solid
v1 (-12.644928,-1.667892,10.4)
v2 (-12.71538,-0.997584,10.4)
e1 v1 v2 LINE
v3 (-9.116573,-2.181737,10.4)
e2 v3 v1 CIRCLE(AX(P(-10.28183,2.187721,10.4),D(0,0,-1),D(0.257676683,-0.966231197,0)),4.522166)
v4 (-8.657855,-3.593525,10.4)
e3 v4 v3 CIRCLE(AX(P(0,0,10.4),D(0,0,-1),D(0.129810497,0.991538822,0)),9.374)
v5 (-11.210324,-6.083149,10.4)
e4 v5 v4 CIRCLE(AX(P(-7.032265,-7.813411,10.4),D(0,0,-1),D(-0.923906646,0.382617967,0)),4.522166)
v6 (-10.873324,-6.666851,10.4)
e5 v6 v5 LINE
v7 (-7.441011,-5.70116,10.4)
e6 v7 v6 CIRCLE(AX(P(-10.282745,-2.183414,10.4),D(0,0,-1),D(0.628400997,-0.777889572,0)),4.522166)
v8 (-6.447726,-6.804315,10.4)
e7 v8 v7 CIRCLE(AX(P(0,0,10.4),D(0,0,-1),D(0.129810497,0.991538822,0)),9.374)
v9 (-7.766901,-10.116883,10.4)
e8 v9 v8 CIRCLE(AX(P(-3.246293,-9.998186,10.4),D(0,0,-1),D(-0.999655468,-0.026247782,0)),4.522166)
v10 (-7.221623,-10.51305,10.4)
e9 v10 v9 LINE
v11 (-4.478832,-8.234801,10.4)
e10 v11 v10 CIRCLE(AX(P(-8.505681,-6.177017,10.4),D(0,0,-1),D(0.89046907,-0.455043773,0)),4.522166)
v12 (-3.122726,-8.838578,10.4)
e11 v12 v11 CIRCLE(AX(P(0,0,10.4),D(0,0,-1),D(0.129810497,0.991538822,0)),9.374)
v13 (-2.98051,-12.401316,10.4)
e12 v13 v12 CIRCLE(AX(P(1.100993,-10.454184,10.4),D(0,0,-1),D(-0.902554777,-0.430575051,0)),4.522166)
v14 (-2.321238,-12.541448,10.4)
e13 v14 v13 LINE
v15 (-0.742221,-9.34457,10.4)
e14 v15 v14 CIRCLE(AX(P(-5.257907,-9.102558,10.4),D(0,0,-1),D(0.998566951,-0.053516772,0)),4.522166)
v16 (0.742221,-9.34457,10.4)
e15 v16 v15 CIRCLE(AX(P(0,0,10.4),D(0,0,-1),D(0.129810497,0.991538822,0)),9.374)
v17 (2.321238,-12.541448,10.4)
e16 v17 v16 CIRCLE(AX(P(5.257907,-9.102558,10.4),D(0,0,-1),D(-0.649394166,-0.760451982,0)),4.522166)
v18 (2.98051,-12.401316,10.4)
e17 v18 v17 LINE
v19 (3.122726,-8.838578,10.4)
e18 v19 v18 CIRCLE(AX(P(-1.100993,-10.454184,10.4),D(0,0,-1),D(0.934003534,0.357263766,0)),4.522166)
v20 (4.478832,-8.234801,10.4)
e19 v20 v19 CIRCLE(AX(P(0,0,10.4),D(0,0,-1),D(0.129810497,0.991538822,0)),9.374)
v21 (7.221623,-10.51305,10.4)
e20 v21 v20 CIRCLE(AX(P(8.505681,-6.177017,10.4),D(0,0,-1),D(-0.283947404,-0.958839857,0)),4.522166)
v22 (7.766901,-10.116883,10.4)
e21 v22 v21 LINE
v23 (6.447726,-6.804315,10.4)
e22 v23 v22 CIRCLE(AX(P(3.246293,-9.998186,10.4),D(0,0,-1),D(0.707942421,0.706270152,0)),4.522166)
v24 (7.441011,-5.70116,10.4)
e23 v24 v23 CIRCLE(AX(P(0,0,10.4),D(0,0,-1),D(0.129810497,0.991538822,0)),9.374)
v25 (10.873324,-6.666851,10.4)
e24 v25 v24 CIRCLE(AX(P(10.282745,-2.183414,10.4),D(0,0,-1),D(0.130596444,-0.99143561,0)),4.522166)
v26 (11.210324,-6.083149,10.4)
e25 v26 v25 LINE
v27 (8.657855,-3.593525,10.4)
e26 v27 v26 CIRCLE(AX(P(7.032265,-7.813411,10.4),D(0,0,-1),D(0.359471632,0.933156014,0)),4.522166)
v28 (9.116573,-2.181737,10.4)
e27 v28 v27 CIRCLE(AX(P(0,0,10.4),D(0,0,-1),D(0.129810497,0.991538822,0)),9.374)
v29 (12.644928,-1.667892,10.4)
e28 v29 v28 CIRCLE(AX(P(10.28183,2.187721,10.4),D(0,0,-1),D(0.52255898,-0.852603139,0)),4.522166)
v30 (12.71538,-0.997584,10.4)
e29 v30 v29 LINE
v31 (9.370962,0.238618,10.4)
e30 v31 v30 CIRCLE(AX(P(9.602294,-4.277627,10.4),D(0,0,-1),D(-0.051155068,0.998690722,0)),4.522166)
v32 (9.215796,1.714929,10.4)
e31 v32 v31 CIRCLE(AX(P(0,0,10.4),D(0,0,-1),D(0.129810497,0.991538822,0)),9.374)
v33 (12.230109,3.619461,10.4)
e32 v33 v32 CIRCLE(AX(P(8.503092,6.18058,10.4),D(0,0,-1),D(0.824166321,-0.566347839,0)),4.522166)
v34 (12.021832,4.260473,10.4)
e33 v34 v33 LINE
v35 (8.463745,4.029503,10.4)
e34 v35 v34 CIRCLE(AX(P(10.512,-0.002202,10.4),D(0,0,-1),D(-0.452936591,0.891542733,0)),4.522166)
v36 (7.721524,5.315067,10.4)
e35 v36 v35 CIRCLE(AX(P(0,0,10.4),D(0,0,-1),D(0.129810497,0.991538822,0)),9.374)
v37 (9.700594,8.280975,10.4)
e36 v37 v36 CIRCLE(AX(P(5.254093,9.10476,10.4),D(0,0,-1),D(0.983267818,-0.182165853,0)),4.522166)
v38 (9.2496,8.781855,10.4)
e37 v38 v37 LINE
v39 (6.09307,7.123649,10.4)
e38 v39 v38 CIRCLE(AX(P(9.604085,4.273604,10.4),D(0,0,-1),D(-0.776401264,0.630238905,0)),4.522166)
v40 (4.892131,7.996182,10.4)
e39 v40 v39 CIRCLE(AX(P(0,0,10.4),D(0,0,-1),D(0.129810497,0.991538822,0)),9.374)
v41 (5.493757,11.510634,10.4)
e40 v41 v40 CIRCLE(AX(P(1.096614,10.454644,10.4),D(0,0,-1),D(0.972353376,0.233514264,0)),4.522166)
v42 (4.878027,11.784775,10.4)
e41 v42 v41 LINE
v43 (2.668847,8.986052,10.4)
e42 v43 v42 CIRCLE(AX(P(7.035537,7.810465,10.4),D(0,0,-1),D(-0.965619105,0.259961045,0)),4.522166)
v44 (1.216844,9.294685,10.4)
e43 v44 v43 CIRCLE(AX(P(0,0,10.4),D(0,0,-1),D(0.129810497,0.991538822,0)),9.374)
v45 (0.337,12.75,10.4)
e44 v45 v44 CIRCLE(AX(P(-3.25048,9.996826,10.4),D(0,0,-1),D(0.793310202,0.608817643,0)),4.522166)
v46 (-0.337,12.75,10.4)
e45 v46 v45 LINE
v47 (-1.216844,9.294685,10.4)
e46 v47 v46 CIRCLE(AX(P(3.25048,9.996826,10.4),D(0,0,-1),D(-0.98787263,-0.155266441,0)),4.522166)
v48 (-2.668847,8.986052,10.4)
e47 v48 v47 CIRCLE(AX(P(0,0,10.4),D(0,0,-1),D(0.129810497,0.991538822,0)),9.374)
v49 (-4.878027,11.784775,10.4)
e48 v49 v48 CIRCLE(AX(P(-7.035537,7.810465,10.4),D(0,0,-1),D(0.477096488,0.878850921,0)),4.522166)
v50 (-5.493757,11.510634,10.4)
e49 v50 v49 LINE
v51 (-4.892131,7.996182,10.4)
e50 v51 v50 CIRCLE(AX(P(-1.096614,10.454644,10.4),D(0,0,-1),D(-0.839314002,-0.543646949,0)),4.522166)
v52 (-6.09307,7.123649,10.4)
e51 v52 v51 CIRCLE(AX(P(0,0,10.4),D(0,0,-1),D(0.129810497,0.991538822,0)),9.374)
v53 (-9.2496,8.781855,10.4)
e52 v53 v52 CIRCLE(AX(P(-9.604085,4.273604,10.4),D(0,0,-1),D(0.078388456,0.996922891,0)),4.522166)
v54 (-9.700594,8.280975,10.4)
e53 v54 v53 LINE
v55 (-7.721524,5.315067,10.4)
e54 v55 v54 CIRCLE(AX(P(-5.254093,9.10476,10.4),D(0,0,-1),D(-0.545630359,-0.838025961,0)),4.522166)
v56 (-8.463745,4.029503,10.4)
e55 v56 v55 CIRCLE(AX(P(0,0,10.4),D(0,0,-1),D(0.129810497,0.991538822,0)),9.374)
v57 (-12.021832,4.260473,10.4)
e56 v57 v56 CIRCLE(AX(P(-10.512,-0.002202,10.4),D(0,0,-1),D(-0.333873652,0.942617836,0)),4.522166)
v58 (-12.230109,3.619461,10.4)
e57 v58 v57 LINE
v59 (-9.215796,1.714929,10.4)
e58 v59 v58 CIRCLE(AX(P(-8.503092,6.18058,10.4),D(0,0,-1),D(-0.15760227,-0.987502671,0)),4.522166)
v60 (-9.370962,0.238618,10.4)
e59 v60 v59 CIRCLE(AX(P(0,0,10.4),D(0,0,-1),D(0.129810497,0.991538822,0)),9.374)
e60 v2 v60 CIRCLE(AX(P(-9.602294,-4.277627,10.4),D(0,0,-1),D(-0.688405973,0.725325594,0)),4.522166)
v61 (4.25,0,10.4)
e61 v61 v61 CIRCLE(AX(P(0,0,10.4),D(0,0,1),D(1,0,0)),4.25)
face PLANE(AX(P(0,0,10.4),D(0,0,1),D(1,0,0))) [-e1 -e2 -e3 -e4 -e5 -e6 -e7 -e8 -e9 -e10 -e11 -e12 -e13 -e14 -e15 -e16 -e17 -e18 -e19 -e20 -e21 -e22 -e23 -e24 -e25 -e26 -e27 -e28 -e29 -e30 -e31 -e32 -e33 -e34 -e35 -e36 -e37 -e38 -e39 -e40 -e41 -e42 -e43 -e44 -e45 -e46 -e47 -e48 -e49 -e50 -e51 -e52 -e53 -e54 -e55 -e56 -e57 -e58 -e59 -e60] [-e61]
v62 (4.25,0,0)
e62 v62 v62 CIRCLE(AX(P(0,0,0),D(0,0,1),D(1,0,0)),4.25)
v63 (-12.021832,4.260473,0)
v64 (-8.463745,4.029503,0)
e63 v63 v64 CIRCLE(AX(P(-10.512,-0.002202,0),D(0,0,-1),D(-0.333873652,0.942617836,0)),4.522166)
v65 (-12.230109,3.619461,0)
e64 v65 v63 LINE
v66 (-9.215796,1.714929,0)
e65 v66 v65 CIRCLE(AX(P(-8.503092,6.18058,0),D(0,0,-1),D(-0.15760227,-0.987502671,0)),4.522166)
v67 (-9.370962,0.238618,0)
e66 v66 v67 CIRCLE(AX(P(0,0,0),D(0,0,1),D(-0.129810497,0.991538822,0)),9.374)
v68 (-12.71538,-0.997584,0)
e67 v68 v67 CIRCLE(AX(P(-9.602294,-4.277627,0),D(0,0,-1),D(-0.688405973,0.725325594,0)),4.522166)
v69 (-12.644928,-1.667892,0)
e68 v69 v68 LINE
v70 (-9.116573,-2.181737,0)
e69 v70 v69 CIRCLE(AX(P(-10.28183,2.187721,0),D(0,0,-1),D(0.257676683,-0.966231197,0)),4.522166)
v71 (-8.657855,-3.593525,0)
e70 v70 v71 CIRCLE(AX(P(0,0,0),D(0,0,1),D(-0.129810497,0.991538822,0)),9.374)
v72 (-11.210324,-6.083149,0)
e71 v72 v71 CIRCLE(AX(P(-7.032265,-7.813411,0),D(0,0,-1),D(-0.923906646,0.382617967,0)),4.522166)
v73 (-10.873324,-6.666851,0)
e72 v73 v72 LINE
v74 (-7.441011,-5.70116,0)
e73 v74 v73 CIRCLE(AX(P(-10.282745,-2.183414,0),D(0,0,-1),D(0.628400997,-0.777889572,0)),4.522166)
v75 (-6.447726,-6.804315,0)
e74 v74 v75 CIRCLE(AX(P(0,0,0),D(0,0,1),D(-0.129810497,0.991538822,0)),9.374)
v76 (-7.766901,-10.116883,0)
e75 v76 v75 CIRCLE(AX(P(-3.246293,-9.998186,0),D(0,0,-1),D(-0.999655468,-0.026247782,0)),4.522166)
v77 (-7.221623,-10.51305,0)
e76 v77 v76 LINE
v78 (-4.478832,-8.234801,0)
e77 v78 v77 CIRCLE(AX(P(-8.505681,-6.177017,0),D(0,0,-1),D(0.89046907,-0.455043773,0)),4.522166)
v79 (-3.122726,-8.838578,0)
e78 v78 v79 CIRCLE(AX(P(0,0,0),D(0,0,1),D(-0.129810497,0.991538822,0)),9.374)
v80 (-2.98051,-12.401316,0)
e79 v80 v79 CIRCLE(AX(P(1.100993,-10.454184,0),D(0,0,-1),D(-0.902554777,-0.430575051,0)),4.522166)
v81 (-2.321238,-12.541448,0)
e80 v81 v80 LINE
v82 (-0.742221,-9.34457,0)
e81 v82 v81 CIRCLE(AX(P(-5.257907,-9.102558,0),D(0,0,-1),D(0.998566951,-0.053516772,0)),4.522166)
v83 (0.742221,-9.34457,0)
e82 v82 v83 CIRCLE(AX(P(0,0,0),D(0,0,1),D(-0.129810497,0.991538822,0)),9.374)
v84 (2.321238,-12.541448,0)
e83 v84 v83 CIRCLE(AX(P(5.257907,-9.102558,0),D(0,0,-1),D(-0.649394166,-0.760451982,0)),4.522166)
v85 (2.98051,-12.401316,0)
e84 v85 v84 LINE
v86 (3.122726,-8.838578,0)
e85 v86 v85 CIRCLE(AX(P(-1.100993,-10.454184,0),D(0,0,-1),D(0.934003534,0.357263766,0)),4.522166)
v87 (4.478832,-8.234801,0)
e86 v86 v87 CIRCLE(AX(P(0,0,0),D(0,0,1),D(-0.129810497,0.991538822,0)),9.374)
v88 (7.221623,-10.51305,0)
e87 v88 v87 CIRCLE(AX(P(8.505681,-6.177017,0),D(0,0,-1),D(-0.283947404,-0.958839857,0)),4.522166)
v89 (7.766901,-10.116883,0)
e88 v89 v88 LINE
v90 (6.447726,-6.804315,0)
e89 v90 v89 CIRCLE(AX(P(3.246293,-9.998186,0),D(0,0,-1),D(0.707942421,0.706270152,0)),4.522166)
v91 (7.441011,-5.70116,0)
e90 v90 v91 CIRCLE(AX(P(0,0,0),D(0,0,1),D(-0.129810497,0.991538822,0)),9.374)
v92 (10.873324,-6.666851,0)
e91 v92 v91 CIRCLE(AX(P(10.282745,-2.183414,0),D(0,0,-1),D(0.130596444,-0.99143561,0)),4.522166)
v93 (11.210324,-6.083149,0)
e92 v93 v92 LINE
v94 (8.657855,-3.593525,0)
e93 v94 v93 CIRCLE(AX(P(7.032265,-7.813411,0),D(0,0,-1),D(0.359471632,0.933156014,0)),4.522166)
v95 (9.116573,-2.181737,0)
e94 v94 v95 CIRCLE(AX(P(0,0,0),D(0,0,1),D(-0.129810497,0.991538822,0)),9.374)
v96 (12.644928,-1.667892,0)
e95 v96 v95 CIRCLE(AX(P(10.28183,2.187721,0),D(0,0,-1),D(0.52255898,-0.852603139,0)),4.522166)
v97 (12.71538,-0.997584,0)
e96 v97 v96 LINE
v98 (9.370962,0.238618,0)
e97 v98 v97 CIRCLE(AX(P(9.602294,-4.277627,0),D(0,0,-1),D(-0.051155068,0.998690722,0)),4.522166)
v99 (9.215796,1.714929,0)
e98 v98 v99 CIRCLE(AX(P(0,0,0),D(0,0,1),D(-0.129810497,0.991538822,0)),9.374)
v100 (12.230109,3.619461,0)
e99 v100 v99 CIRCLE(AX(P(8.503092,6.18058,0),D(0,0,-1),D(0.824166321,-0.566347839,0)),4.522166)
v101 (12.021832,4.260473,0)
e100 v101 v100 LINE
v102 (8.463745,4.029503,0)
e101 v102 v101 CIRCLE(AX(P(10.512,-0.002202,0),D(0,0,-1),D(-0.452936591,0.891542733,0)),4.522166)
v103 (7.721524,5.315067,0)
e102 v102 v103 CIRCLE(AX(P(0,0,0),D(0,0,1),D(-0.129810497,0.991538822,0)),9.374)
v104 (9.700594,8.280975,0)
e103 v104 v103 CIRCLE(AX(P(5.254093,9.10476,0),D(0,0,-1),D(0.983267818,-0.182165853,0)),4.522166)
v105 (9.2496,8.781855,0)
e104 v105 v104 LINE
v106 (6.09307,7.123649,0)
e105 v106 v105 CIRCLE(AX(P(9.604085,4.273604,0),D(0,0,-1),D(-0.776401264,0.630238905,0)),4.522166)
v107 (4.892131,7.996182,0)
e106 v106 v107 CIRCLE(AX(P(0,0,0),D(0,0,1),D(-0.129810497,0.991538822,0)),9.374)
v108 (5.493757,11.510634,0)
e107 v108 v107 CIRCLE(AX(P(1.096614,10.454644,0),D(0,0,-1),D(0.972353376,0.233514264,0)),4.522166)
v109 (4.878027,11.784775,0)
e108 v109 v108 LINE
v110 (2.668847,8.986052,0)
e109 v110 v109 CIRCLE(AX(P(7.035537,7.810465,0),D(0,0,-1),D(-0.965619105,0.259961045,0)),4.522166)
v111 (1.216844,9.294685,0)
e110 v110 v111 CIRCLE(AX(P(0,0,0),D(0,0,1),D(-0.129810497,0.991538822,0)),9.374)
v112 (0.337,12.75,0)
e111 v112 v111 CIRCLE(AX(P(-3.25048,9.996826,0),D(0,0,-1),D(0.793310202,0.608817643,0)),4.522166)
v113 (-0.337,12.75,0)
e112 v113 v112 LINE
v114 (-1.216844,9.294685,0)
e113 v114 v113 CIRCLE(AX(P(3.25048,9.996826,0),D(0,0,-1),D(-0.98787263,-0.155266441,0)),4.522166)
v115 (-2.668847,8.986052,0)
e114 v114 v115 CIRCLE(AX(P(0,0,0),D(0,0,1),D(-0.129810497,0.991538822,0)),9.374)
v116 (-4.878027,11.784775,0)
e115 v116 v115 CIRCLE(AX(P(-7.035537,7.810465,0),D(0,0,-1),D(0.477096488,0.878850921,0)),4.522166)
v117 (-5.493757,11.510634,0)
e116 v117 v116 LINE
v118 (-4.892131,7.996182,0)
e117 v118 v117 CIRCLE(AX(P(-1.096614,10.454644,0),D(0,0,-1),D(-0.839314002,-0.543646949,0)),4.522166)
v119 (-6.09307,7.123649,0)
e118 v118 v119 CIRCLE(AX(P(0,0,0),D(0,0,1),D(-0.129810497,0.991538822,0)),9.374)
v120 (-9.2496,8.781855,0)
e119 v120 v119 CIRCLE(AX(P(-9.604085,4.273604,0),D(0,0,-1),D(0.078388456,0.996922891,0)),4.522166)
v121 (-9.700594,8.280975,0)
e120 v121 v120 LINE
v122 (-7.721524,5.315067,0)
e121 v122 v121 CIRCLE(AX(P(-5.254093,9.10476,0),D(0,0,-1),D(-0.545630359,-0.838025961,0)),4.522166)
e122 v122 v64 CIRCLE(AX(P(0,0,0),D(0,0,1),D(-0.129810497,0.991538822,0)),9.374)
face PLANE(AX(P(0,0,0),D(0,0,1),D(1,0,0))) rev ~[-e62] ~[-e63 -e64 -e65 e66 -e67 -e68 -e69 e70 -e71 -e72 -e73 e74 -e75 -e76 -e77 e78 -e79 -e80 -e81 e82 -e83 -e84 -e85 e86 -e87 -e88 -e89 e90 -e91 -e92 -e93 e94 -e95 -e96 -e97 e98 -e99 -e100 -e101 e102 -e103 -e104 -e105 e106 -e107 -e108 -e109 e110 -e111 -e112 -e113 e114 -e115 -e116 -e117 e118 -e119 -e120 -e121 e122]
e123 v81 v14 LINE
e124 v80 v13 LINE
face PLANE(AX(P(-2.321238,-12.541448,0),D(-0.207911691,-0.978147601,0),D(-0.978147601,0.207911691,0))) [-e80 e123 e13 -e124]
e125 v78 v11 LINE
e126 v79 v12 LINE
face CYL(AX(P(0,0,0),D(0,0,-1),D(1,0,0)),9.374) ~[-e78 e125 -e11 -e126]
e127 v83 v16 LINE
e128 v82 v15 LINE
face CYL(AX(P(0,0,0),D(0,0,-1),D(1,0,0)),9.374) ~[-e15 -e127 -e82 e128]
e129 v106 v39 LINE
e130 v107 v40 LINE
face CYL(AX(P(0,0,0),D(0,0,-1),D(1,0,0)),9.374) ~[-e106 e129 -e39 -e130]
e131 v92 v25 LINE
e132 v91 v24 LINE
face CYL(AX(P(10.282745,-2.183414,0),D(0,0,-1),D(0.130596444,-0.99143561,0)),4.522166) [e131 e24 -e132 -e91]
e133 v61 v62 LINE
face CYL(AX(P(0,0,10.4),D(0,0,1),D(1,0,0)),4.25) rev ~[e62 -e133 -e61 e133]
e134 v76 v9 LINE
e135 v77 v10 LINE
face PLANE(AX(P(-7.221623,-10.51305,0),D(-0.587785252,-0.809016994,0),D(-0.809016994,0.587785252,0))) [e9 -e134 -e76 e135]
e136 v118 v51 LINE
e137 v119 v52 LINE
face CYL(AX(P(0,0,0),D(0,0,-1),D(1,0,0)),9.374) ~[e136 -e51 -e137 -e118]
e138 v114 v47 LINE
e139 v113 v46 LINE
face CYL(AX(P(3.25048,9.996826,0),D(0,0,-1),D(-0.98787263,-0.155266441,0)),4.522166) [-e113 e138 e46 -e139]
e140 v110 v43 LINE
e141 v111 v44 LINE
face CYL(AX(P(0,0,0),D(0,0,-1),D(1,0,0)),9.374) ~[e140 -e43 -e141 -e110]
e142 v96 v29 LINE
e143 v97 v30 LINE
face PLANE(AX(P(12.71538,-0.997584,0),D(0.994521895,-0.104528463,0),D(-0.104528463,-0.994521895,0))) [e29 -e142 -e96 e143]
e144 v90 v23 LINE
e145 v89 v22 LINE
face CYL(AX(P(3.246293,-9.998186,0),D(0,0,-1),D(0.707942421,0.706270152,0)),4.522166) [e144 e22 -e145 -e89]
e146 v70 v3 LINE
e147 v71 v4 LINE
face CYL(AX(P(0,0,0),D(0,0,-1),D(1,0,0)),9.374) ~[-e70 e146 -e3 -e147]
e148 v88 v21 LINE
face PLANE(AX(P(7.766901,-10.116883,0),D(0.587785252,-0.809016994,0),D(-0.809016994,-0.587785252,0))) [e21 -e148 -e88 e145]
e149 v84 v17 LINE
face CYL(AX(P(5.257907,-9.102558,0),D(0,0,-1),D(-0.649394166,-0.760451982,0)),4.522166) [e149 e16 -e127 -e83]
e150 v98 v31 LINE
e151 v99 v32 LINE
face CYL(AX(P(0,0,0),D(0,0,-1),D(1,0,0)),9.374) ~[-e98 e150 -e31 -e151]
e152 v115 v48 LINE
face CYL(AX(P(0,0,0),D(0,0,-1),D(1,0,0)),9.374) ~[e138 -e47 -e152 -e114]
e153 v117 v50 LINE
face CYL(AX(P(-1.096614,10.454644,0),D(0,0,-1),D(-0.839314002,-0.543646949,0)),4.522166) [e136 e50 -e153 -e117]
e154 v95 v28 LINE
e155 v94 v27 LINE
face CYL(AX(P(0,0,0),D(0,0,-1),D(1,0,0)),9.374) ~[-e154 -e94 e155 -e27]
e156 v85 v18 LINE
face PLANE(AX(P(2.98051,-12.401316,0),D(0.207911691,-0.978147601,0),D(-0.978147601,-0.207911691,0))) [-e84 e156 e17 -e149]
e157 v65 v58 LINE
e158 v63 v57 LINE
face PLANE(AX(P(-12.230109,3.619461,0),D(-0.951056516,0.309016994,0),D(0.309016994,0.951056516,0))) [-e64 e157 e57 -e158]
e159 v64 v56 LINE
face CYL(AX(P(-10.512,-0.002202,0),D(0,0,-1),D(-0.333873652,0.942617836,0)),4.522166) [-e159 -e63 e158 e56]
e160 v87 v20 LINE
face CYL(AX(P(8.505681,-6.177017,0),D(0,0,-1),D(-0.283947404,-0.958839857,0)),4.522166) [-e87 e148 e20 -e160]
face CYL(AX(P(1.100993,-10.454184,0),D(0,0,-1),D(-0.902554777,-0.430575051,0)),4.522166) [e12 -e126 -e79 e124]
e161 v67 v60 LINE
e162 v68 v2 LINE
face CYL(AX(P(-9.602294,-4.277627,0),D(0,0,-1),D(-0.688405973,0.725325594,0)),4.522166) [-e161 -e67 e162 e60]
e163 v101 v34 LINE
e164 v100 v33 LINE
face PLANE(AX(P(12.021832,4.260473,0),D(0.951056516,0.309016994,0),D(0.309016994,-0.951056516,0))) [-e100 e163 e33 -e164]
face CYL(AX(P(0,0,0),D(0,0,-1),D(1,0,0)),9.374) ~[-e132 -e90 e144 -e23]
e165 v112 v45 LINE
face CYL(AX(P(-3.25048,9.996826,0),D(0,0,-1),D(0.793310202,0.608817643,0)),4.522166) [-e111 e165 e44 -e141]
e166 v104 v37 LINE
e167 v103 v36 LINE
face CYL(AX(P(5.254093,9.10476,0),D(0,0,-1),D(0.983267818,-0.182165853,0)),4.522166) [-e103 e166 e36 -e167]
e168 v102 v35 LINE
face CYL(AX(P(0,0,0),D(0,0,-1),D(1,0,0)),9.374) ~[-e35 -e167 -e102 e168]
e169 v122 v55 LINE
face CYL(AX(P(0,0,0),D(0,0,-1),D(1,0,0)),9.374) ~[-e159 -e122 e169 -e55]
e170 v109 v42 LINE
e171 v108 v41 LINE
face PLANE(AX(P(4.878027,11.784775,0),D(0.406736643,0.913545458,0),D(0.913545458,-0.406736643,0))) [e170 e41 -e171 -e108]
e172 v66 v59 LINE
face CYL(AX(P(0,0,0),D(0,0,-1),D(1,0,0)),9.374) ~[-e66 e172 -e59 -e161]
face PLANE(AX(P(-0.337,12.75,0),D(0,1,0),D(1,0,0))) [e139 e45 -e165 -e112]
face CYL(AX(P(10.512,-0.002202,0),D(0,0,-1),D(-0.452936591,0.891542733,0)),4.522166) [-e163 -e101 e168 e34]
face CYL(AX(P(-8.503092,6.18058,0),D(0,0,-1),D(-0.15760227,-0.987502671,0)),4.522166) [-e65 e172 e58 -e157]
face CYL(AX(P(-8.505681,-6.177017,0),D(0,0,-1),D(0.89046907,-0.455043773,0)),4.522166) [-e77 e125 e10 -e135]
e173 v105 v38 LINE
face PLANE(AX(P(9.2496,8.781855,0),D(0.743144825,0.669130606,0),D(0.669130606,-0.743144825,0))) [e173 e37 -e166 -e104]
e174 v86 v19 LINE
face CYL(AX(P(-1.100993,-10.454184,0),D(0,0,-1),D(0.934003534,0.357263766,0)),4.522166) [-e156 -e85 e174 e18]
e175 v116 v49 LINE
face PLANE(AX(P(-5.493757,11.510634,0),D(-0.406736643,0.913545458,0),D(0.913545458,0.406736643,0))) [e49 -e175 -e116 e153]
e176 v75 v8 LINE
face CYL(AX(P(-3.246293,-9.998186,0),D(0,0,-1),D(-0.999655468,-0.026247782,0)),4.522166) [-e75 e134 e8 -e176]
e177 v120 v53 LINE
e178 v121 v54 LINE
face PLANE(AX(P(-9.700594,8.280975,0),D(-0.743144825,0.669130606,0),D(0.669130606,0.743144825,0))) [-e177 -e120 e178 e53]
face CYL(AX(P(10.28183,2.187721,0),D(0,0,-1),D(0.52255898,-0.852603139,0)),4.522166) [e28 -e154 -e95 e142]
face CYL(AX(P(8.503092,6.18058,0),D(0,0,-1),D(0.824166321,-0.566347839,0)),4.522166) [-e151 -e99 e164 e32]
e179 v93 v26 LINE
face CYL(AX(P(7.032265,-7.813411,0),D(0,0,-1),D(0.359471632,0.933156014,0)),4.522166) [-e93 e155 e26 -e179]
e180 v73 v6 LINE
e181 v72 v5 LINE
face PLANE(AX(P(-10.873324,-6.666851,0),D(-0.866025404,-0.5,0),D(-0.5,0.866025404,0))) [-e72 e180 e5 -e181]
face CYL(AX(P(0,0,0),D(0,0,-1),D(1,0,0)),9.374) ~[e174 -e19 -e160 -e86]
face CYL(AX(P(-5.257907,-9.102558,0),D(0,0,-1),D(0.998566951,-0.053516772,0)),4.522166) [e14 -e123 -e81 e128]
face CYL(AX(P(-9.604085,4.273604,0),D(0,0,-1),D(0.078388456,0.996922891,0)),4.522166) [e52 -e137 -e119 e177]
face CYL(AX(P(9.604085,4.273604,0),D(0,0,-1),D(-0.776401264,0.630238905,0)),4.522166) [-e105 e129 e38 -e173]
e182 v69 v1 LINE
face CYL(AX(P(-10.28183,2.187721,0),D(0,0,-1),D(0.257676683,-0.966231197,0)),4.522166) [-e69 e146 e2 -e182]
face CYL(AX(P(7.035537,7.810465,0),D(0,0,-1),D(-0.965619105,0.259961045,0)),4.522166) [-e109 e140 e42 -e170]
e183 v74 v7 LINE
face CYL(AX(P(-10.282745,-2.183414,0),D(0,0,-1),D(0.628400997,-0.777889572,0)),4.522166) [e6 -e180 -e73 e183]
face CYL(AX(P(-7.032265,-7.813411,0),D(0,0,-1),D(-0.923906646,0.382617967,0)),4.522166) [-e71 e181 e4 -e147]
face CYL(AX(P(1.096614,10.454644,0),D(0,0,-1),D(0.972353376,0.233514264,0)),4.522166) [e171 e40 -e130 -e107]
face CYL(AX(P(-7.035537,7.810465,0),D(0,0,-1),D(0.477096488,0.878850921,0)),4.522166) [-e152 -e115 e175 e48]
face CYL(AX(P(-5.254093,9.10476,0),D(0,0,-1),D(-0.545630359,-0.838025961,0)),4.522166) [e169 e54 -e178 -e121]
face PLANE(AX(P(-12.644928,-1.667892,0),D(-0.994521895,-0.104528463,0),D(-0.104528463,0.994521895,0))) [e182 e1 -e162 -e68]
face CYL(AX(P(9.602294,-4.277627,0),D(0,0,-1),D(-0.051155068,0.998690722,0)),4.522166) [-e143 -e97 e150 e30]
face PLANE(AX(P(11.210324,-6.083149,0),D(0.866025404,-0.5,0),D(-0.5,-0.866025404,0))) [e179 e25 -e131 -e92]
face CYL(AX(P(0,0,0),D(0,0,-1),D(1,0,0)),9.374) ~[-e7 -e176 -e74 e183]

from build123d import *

# Parameters (mm, degrees)
ESBO_O1_R                = 9.374
RESSALTO_EXTRUS_O1_DEPTH = 10.4
RESSALTO_EXTRUS_O2_START = -10.4
RESSALTO_EXTRUS_O2_DEPTH = 10.4
PADR_OCIRCULAR1_COUNT    = 15
ESBO_O4_R                = 4.25
CORTE_EXTRUS_O1_DEPTH    = 10.4


with BuildPart() as part:
    # Esboço1 → Ressalto-extrusão1 (new body)
    with BuildSketch(Plane.XY):
        Circle(ESBO_O1_R)
    extrude(amount=RESSALTO_EXTRUS_O1_DEPTH)

    # Esboço2 → Ressalto-extrusão2 (add)
    with BuildSketch(Plane.XY.offset(10.4).offset(RESSALTO_EXTRUS_O2_START)):
        with BuildLine():
            Line((-0.337, 12.75), (0.337, 12.75))
            ThreePointArc((0.337, 12.75), (1.131844214, 11.112718069), (1.216843597, 9.294684915))
            ThreePointArc((1.216843597, 9.294684915), (0, 9.374), (-1.216843597, 9.294684915))
            ThreePointArc((-1.216843597, 9.294684915), (-1.131844214, 11.112718069), (-0.337, 12.75))
        make_face()
    ressalto_extrus_o2 = extrude(amount=RESSALTO_EXTRUS_O2_DEPTH)

    # PadrãoCircular1: Ressalto-extrusão2 ×15 about axis
    padr_ocircular1_axis = Axis((0, 0, 0), (0, 0, 1))
    for i in range(1, PADR_OCIRCULAR1_COUNT):
        add(ressalto_extrus_o2.rotate(padr_ocircular1_axis, i * 360 / PADR_OCIRCULAR1_COUNT))

    # Esboço4 → Corte-extrusão1 (cut)
    with BuildSketch(Plane.XY.offset(10.4)):
        Circle(ESBO_O4_R)
    extrude(amount=-CORTE_EXTRUS_O1_DEPTH, mode=Mode.SUBTRACT)


solid = part.part
